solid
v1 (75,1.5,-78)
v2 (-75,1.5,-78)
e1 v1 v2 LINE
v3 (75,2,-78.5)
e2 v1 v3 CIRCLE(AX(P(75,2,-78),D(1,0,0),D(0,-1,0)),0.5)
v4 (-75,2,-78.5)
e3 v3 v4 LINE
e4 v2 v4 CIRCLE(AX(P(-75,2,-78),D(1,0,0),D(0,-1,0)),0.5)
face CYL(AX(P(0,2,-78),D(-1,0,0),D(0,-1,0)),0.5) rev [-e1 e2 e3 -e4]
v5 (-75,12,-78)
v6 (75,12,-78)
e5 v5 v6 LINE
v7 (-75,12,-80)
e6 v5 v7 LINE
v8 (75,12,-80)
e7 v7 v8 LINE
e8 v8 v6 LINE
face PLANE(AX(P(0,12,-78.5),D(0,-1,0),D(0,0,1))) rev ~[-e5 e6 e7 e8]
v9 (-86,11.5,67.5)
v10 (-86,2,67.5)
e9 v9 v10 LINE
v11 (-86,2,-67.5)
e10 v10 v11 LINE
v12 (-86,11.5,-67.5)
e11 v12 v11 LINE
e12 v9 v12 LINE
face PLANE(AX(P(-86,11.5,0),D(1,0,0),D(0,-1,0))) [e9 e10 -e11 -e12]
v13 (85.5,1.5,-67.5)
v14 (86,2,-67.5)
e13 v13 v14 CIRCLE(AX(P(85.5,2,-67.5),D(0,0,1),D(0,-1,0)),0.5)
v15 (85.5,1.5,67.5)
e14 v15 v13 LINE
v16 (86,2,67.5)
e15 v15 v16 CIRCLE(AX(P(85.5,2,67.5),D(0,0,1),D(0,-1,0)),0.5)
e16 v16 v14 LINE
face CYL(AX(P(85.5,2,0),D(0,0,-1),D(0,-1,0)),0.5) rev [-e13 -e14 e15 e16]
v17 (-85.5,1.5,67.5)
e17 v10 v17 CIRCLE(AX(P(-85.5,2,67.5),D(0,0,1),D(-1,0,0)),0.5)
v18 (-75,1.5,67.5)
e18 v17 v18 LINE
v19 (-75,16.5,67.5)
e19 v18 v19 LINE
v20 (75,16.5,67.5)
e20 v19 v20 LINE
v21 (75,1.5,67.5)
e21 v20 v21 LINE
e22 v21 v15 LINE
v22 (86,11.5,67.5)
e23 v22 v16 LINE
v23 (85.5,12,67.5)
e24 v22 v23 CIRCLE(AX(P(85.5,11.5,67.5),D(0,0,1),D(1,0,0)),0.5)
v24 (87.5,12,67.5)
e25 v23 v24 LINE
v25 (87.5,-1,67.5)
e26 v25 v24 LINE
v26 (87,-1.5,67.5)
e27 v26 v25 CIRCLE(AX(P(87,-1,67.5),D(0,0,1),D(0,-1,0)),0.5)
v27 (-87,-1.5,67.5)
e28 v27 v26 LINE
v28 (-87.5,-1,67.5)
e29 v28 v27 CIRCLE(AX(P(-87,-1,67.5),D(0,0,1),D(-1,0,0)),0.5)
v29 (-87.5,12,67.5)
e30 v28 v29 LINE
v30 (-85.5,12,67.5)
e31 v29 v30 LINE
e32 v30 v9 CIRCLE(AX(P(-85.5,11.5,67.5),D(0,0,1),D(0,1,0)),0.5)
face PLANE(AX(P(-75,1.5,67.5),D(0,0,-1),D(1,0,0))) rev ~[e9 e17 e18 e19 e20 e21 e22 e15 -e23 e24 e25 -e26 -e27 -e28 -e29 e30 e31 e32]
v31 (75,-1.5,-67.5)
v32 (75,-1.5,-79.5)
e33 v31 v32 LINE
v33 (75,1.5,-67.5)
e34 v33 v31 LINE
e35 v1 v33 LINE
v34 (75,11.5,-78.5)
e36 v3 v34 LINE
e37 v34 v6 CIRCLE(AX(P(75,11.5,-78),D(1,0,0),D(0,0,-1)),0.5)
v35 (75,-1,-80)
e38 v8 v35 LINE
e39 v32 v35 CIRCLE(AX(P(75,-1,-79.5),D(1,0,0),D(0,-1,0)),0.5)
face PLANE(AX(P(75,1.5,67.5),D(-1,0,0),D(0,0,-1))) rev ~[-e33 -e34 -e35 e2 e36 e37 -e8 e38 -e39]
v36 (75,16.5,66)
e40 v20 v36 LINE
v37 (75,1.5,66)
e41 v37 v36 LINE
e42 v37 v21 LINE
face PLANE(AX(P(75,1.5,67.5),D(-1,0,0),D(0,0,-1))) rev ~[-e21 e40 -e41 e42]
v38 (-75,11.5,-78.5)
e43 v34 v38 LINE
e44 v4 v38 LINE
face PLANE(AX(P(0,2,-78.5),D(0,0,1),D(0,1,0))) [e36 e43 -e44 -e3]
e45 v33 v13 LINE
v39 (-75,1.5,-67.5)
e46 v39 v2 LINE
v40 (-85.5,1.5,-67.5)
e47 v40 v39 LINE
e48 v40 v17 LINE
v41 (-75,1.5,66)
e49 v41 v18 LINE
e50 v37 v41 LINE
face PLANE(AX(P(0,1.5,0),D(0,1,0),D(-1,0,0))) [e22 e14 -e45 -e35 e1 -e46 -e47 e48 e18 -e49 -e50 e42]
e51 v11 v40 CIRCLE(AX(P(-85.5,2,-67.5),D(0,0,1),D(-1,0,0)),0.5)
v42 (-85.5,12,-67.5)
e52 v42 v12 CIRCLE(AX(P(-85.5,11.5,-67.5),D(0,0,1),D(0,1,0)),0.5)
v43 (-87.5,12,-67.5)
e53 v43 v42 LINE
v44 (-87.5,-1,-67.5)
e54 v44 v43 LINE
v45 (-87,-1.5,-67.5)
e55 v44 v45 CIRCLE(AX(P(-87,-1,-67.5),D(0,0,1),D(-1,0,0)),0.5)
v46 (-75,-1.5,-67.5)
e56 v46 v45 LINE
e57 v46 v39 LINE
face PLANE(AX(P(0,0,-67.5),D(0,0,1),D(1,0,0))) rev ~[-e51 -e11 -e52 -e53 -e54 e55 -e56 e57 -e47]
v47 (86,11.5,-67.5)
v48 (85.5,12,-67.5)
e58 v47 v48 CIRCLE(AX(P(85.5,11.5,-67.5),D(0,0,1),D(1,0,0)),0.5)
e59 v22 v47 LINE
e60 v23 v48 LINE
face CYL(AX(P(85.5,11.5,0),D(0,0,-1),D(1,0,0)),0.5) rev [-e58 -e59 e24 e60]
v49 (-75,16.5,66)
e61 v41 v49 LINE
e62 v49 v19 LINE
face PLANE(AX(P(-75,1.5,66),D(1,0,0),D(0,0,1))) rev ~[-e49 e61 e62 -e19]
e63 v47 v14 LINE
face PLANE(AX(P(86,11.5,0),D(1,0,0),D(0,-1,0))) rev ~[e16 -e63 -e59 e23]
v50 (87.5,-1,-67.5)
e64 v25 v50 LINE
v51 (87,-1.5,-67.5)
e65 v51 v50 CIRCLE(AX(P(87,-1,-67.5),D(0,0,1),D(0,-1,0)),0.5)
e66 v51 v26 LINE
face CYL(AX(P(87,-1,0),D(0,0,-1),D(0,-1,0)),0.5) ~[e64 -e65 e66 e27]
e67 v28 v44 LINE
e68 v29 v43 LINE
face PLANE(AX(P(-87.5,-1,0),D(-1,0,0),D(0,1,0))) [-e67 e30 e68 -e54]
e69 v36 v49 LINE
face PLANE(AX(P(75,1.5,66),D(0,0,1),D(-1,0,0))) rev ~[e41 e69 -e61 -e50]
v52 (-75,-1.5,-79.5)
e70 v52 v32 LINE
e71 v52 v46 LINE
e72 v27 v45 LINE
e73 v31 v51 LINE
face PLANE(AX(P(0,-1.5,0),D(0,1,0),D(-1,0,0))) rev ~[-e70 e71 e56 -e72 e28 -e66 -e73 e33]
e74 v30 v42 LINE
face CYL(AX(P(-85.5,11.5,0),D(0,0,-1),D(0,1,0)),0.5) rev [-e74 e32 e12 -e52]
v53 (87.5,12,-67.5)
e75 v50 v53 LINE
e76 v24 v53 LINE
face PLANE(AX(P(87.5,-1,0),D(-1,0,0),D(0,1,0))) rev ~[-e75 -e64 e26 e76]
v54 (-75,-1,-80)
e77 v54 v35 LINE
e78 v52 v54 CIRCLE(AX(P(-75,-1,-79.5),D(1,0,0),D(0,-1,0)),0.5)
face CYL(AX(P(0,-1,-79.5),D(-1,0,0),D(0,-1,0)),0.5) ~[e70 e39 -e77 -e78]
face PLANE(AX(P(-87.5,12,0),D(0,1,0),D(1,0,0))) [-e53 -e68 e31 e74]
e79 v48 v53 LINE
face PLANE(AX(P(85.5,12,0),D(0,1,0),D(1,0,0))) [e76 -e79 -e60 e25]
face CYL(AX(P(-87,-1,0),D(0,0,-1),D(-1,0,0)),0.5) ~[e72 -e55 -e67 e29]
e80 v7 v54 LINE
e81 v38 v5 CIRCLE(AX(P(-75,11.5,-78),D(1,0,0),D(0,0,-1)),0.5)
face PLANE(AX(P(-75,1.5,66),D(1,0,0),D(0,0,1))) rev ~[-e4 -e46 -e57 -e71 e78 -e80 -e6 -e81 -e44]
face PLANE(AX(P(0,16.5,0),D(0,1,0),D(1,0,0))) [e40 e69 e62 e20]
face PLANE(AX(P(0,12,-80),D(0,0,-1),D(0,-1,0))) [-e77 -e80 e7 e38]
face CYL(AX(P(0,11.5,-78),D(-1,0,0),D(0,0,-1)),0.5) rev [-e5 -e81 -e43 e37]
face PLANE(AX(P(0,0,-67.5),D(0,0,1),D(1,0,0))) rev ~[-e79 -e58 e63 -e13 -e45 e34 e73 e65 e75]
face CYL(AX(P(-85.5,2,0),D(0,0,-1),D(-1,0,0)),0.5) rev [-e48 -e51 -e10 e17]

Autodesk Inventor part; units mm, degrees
sketch "Skizze1" plane through (0, 0, 0) normal (0, 1, 0) x (-1, 0, 0)
  line L0 (75, 67.5) -> (-75, 67.5)
  line L1 (-75, 67.5) -> (-75, -67.5)
  line L2 (-75, -67.5) -> (75, -67.5)
  line L3 (75, -67.5) -> (75, 67.5)
  line L4 (75, 67.5) -> (-75, -67.5) construction
  line L5 (-75, 67.5) -> (75, -67.5) construction
  point P0 (0, 0)
  dimension "d0" = 150
  dimension "d1" = 135
extrude "Extrusion1" add sketch "Skizze1" along normal mid plane 3
sketch "Skizze2" plane through (0, 1.5, 0) normal (0, 1, 0) x (1, 0, 0)
  line L0 (-75, 67.5) -> (-75, -67.5) projected
  line L1 (75, -67.5) -> (75, 67.5) projected
  line L2 (-75, -67.5) -> (75, -67.5)
  line L3 (75, -67.5) -> (75, -66)
  line L4 (75, -66) -> (-75, -66)
  line L5 (-75, -66) -> (-75, -67.5)
  point P0 (0, 0)
  dimension "d4" = 135
  dimension "d5" = 1.5
extrude "Extrusion2" add sketch "Skizze2" along normal blind 15
sketch "Skizze3" plane through (0, 0, 0) normal (1, 0, 0) x (0, 1, 0)
  line L0 (1.5, -67.5) -> (1.5, 66) projected
  line L1 (1.5, -67.5) -> (-1.5, -67.5)
  line L2 (-1.5, -67.5) -> (-1.5, -77.5)
  line L3 (-1.5, -77.5) -> (1.5, -77.5)
  line L4 (1.5, -77.5) -> (1.5, -67.5)
  line L5 (2, -78.5) -> (11.5, -78.5)
  line L6 (1.5, -77.5) -> (1.5, -78)
  line L7 (-1.5, -77.5) -> (-1.5, -79.5)
  arc A0 (1.5, -78) -> (2, -78.5) centre (2, -78) ccw
  line L8 (12, -78.5) -> (12, -80)
  line L9 (12, -80) -> (-1, -80)
  arc A1 (-1.5, -79.5) -> (-1, -80) centre (-1, -79.5) ccw
  line L10 (12, -78) -> (12, -78)
  arc A2 (11.5, -78.5) -> (12, -78) centre (11.5, -78) ccw
  line L11 (12, -78.5) -> (12, -78)
  point P0 (0, 0)
  dimension "d8" = 10
  dimension "d16" = 1.5
  dimension "d17" = 0.5
  dimension "d19" = 10
  dimension "d20" = 0.5
extrude "Extrusion3" add sketch "Skizze3" along normal mid plane 150
sketch "Skizze5" plane through (0, 0, 0) normal (0, 0, 1) x (1, 0, 0)
  line L0 (75, 16.5) -> (75, -1.5) projected
  line L1 (75, -1.5) -> (87, -1.5)
  line L2 (87.5, -1) -> (87.5, 12)
  line L3 (85.5, 12) -> (85.5, 12)
  line L4 (86, 11.5) -> (86, 2)
  arc A0 (86, 11.5) -> (85.5, 12) centre (85.5, 11.5) ccw
  line L5 (85.5, 12) -> (87.5, 12)
  line L6 (75, 1.5) -> (85.5, 1.5)
  line L7 (75, -1.5) -> (-75, -1.5) projected
  line L8 (75, -1.5) -> (75, 1.5)
  arc A1 (85.5, 1.5) -> (86, 2) centre (85.5, 2) ccw
  arc A2 (87, -1.5) -> (87.5, -1) centre (87, -1) ccw
  line L9 (-75, -1.5) -> (-75, 16.5) projected
  line L10 (-75, -1.5) -> (-87, -1.5)
  line L11 (-87.5, -1) -> (-87.5, 12)
  line L12 (-85.5, 12) -> (-85.5, 12)
  line L13 (-86, 11.5) -> (-86, 2)
  line L14 (-85.5, 1.5) -> (-75, 1.5)
  line L15 (-75, 1.5) -> (-75, -1.5)
  arc A3 (-85.5, 12) -> (-86, 11.5) centre (-85.5, 11.5) ccw
  line L16 (-87.5, 12) -> (-85.5, 12)
  arc A4 (-86, 2) -> (-85.5, 1.5) centre (-85.5, 2) ccw
  arc A5 (-87.5, -1) -> (-87, -1.5) centre (-87, -1) ccw
  point P0 (0, 0)
  point P1 (87.5, -1.5)
  point P2 (-87.5, -1.5)
  point P3 (-86, 12)
  point P4 (-86, 1.5)
  dimension "d39" = 13.5
  dimension "d42" = 0.5
  dimension "d43" = 0.5
  dimension "d44" = 12.5
  dimension "d45" = 1.5
  dimension "d46" = 2
  dimension "d48" = 10.5
  dimension "d49" = 12.5
  dimension "d50" = 13.5
  dimension "d51" = 2
  dimension "d52" = 10.5
  dimension "d53" = 0.5
  dimension "d54" = 0.5
extrude "Extrusion4" add sketch "Skizze5" along normal mid plane 135
properties part number "deckel"
